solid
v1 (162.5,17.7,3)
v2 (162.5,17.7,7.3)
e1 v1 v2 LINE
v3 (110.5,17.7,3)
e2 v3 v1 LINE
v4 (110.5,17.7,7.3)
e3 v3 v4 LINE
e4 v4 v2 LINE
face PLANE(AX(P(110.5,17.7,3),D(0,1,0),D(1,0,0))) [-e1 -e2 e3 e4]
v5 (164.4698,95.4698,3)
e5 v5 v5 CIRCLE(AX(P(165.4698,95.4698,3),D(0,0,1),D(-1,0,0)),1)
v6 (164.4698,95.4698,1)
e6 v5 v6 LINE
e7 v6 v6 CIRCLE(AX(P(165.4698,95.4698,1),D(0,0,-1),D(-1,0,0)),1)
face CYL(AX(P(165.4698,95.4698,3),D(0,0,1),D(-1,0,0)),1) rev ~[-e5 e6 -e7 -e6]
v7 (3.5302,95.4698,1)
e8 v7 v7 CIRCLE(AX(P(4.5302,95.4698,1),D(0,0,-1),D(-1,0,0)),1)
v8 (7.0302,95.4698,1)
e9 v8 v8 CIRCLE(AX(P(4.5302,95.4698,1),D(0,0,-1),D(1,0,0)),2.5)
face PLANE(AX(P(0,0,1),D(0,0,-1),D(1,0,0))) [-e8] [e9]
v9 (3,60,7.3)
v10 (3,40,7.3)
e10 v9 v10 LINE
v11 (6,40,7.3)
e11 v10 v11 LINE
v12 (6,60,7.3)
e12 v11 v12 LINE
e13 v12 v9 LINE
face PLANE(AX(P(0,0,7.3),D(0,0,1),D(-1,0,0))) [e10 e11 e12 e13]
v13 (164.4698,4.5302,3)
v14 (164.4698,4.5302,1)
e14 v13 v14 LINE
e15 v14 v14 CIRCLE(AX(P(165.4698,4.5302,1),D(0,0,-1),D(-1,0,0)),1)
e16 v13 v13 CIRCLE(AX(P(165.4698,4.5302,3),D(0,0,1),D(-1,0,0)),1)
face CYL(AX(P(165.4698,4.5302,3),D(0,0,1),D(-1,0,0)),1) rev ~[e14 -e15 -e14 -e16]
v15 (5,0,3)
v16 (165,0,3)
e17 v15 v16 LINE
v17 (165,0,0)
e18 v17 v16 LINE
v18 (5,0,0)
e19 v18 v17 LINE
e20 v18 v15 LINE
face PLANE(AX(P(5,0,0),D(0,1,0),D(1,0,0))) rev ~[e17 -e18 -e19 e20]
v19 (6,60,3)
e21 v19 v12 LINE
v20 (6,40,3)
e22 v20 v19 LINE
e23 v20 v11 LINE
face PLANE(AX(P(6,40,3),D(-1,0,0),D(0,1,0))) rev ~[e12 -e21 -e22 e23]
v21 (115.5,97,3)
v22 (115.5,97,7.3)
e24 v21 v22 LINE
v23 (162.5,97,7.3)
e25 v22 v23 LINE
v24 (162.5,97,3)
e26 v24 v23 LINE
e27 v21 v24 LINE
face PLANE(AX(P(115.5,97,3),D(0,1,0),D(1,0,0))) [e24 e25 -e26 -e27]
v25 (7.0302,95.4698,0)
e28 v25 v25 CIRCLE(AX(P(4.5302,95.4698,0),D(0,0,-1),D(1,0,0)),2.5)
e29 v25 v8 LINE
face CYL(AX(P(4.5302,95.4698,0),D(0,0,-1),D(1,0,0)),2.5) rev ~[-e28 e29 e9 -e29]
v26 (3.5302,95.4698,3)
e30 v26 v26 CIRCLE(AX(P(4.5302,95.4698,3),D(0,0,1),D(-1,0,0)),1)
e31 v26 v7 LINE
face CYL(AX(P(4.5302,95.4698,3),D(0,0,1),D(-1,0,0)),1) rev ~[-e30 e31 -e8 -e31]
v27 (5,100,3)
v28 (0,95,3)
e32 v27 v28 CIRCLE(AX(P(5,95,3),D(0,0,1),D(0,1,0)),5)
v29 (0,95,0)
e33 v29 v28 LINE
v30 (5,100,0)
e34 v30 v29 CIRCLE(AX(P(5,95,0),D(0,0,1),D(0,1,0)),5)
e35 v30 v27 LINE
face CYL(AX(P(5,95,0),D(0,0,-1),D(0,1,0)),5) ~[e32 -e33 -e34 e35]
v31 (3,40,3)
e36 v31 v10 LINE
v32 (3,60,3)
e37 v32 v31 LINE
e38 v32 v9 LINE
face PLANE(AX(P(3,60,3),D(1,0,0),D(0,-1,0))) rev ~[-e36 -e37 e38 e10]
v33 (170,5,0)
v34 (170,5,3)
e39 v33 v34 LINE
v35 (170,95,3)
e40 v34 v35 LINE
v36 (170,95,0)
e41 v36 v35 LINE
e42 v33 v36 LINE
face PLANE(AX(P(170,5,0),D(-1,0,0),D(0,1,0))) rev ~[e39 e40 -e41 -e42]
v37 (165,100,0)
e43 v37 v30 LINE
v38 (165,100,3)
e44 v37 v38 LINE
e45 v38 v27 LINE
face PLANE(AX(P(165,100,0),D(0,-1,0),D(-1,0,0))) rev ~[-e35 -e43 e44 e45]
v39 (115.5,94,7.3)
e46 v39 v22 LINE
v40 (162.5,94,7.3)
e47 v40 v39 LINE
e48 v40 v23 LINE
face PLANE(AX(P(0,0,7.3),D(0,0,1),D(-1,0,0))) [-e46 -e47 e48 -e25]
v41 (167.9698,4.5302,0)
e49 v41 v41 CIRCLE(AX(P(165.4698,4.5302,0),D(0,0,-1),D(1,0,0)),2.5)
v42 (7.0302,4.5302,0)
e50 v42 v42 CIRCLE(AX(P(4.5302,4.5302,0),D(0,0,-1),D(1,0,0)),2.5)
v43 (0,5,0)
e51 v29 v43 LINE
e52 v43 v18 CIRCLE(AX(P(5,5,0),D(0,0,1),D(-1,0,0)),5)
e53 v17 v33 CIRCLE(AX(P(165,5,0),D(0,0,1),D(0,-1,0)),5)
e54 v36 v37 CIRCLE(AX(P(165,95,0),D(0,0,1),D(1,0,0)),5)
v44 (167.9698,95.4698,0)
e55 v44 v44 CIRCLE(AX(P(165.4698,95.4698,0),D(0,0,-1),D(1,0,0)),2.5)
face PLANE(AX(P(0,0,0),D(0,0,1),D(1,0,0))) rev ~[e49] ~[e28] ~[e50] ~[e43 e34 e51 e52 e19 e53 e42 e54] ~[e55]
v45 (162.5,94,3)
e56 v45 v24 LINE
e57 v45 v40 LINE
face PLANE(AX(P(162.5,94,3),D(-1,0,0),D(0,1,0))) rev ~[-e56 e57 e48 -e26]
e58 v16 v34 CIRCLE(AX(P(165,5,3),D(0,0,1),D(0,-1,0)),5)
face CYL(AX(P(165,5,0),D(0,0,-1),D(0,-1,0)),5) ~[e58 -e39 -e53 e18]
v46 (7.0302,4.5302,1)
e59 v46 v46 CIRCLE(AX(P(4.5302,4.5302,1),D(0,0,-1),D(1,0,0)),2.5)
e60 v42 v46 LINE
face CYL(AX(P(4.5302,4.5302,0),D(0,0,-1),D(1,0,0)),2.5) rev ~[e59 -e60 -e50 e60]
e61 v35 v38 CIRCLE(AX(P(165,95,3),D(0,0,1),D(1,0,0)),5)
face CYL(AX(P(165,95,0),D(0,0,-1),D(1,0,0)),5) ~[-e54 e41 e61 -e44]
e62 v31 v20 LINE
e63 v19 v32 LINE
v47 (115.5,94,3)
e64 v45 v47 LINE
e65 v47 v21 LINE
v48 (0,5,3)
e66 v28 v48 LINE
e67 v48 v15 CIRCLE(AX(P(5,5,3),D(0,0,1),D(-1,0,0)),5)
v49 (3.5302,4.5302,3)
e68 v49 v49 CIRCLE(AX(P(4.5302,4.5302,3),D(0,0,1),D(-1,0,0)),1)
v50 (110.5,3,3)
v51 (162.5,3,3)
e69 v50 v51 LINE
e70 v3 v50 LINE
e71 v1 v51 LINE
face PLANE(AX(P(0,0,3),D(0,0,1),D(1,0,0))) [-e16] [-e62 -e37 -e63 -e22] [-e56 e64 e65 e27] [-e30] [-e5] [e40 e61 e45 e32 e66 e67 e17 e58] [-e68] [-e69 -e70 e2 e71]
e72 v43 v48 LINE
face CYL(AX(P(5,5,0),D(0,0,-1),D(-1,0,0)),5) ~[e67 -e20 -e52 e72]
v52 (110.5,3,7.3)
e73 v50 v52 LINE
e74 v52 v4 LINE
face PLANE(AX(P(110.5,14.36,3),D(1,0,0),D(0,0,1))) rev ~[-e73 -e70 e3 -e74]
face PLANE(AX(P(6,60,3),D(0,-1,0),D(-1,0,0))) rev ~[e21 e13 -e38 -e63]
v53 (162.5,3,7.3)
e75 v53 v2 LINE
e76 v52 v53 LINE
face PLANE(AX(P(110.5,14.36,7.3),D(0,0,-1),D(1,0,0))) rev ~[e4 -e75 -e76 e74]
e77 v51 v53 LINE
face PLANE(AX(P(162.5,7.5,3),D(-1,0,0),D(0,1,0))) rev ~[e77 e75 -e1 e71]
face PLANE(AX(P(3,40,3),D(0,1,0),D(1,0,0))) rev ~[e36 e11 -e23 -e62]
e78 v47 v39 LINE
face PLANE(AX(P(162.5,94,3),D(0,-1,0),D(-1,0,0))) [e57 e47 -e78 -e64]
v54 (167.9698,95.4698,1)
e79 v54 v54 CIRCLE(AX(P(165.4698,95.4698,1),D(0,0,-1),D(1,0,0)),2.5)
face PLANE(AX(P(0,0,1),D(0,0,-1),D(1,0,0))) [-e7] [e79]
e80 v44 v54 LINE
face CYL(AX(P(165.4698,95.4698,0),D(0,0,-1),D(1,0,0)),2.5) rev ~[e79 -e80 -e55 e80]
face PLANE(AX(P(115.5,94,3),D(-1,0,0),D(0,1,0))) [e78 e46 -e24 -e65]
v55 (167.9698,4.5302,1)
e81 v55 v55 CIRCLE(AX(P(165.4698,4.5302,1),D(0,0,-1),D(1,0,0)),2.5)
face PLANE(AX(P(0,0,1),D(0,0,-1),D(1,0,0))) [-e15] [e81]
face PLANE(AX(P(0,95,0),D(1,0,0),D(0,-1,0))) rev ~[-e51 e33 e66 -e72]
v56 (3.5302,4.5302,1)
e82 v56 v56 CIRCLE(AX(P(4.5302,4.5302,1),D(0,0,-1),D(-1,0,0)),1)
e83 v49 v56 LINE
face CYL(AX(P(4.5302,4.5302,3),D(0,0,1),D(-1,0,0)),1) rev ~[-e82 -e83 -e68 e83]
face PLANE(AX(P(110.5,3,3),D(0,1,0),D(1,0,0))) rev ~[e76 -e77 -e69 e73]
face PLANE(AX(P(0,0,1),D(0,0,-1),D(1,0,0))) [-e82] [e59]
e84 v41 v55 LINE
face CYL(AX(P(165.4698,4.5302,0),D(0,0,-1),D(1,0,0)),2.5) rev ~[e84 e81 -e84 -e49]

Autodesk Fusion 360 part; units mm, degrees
sketch "Sketch1" plane through (0, 0, 0) normal (0, 0, 1) x (1, 0, 0)
  line L0 (5, 0) -> (165, 0)
  line L1 (170, 5) -> (170, 95)
  line L2 (165, 100) -> (5, 100)
  line L3 (0, 95) -> (0, 5)
  arc A0 (0, 5) -> (5, 0) centre (5, 5) ccw
  arc A1 (5, 100) -> (0, 95) centre (5, 95) ccw
  arc A2 (170, 95) -> (165, 100) centre (165, 95) ccw
  arc A3 (165, 0) -> (170, 5) centre (165, 5) ccw
  point P0 (170, 0)
  point P1 (0, 100)
  dimension "d1" = 170
  dimension "d2" = 100
  dimension "d3" = 5
  dimension "d4" = 5
  dimension "d5" = 5
  dimension "d6" = 5
extrude "Extrude1" add sketch "Sketch1" along normal blind 3
sketch "Sketch2" plane through (0, 0, 3) normal (0, 0, 1) x (-1, 0, 0)
  arc A0 (-165, 0) -> (-170, -5) centre (-165, -5) ccw
  line L0 (-170, -5) -> (-170, -95)
  arc A1 (-170, -95) -> (-165, -100) centre (-165, -95) ccw
  line L1 (-165, -100) -> (-5, -100)
  arc A2 (-5, -100) -> (0, -95) centre (-5, -95) ccw
  line L2 (0, -95) -> (0, -5)
  arc A3 (0, -5) -> (-5, 0) centre (-5, -5) ccw
  line L3 (-5, 0) -> (-165, 0)
  line L4 (-3, -95) -> (-3, -5)
  arc A4 (-3, -5) -> (-5, -3) centre (-5, -5) ccw
  line L5 (-5, -3) -> (-165, -3)
  arc A5 (-165, -3) -> (-167, -5) centre (-165, -5) ccw
  line L6 (-167, -5) -> (-167, -95)
  arc A6 (-167, -95) -> (-165, -97) centre (-165, -95) ccw
  arc A7 (-5, -97) -> (-3, -95) centre (-5, -95) ccw
  line L7 (-7.5, -92.5) -> (-7.5, -7.5)
  line L8 (-7.5, -7.5) -> (-110.5, -7.5)
  line L9 (-162.5, -7.5) -> (-162.5, -92.5)
  line L10 (-162.5, -92.5) -> (-7.5, -92.5)
  line L11 (-162.5, -92.5) -> (-162.5, -97)
  line L12 (-162.5, -92.5) -> (-98.5, -92.5)
  line L13 (-98.5, -92.5) -> (-98.5, -97)
  line L14 (-115.5, -97) -> (-162.5, -97)
  line L15 (-162.5, -97) -> (-162.5, -92.5)
  line L16 (-162.5, -7.5) -> (-162.5, -3)
  line L17 (-162.5, -3) -> (-110.5, -3)
  line L18 (-110.5, -3) -> (-110.5, -14.36)
  line L19 (-110.5, -14.36) -> (-162.5, -14.36)
  line L20 (-162.5, -14.36) -> (-162.5, -3)
  line L21 (-115.5, -97) -> (-162.5, -97)
  line L22 (-162.5, -97) -> (-162.5, -94)
  line L23 (-162.5, -94) -> (-115.5, -94)
  line L24 (-98.5, -94) -> (-98.5, -97)
  line L25 (-162.5, -94) -> (-115.5, -94)
  line L26 (-115.5, -94) -> (-115.5, -97)
  line L27 (-115.5, -97) -> (-162.5, -97)
  line L28 (-162.5, -97) -> (-162.5, -94)
  line L29 (-165, -97) -> (-115.5, -97)
  line L30 (-98.5, -97) -> (-5, -97)
  dimension "d11" = 64
  dimension "d12" = 52
  dimension "d13" = 11.36
  dimension "d14" = 3
  dimension "d15" = 47
extrude "Extrude2" add sketch "Sketch2" along normal blind 4.3 contours L5 L9 L16 L17 L18 L19 L20 | L11 L14 L15 L21 L22 L23 L25 L26 L27 L28 L29
sketch "Sketch3" plane through (0, 0, 3) normal (0, 0, 1) x (-1, 0, 0)
  line L0 (-162.5, -97) -> (-162.5, -94)
  line L1 (-162.5, -94) -> (-115.5, -94)
  line L2 (-115.5, -94) -> (-115.5, -97)
  line L3 (-115.5, -97) -> (-162.5, -97)
  line L4 (-162.5, -14.36) -> (-162.5, -3)
  line L5 (-162.5, -3) -> (-110.5, -3)
  line L6 (-110.5, -3) -> (-110.5, -14.36)
  line L7 (-110.5, -14.36) -> (-162.5, -14.36)
  arc A0 (-165, 0) -> (-170, -5) centre (-165, -5) ccw
  line L8 (-170, -5) -> (-170, -95)
  arc A1 (-170, -95) -> (-165, -100) centre (-165, -95) ccw
  line L9 (-165, -100) -> (-5, -100)
  arc A2 (-5, -100) -> (0, -95) centre (-5, -95) ccw
  line L10 (0, -95) -> (0, -5)
  arc A3 (0, -5) -> (-5, 0) centre (-5, -5) ccw
  line L11 (-5, 0) -> (-165, 0)
sketch "Sketch4" plane through (0, 0, 3) normal (0, 0, 1) x (1, 0, 0)
extrude "Extrude3" add 1 faces at (127.8333, 14.36, 4.4333) along direction (0, 1, 0) blind 3.34
sketch "Sketch5" plane through (0, 0, 3) normal (0, 0, 1) x (-1, 0, 0)
sketch "Sketch6" plane through (0, 0, 3) normal (0, 0, 1) x (-1, 0, 0)
  circle A0 centre (-4.5302, -4.5302) radius 1
  circle A1 centre (-4.5302, -95.4698) radius 1
  circle A2 centre (-165.4698, -95.4698) radius 1
  circle A3 centre (-165.4698, -4.5302) radius 1
  dimension "d26" = 2
  dimension "d30" = 2
  dimension "d34" = 2
  dimension "d38" = 2
extrude "Extrude4" cut sketch "Sketch6" against normal blind 3
sketch "Sketch7" plane through (0, 0, 0) normal (0, 0, -1) x (1, 0, 0)
  circle A0 centre (4.5302, -95.4698) radius 1
  circle A1 centre (165.4698, -95.4698) radius 1
  circle A2 centre (4.5302, -4.5302) radius 1
  circle A3 centre (165.4698, -4.5302) radius 1
  arc A4 (170, -5) -> (165, 0) centre (165, -5) ccw
  line L0 (165, 0) -> (5, 0)
  arc A5 (5, 0) -> (0, -5) centre (5, -5) ccw
  line L1 (0, -5) -> (0, -95)
  arc A6 (0, -95) -> (5, -100) centre (5, -95) ccw
  line L2 (5, -100) -> (165, -100)
  arc A7 (165, -100) -> (170, -95) centre (165, -95) ccw
  line L3 (170, -95) -> (170, -5)
  circle A8 centre (4.5302, -4.5302) radius 2.5
  circle A9 centre (4.5302, -95.4698) radius 2.5
  circle A10 centre (165.4698, -95.4698) radius 2.5
  circle A11 centre (165.4698, -4.5302) radius 2.5
  dimension "d41" = 1.5
  dimension "d42" = 1.5
  dimension "d43" = 1.5
  dimension "d44" = 1.5
extrude "Extrude5" cut sketch "Sketch7" against normal blind 1 contours A8 | A9 | A10 | A11
sketch "Sketch8" plane through (0, 0, 3) normal (0, 0, 1) x (1, 0, 0)
sketch "Sketch9" plane through (0, 0, 3) normal (0, 0, 1) x (-1, 0, 0)
  line L0 (-3, -40) -> (-6, -40)
  line L1 (-6, -40) -> (-6, -60)
  line L2 (-6, -60) -> (-3, -60)
  line L3 (-3, -60) -> (-3, -40)
  point P0 (-4.5, -50)
  dimension "d51" = 3
  dimension "d52" = 20
extrude "Extrude6" add sketch "Sketch9" along normal blind 4.3
